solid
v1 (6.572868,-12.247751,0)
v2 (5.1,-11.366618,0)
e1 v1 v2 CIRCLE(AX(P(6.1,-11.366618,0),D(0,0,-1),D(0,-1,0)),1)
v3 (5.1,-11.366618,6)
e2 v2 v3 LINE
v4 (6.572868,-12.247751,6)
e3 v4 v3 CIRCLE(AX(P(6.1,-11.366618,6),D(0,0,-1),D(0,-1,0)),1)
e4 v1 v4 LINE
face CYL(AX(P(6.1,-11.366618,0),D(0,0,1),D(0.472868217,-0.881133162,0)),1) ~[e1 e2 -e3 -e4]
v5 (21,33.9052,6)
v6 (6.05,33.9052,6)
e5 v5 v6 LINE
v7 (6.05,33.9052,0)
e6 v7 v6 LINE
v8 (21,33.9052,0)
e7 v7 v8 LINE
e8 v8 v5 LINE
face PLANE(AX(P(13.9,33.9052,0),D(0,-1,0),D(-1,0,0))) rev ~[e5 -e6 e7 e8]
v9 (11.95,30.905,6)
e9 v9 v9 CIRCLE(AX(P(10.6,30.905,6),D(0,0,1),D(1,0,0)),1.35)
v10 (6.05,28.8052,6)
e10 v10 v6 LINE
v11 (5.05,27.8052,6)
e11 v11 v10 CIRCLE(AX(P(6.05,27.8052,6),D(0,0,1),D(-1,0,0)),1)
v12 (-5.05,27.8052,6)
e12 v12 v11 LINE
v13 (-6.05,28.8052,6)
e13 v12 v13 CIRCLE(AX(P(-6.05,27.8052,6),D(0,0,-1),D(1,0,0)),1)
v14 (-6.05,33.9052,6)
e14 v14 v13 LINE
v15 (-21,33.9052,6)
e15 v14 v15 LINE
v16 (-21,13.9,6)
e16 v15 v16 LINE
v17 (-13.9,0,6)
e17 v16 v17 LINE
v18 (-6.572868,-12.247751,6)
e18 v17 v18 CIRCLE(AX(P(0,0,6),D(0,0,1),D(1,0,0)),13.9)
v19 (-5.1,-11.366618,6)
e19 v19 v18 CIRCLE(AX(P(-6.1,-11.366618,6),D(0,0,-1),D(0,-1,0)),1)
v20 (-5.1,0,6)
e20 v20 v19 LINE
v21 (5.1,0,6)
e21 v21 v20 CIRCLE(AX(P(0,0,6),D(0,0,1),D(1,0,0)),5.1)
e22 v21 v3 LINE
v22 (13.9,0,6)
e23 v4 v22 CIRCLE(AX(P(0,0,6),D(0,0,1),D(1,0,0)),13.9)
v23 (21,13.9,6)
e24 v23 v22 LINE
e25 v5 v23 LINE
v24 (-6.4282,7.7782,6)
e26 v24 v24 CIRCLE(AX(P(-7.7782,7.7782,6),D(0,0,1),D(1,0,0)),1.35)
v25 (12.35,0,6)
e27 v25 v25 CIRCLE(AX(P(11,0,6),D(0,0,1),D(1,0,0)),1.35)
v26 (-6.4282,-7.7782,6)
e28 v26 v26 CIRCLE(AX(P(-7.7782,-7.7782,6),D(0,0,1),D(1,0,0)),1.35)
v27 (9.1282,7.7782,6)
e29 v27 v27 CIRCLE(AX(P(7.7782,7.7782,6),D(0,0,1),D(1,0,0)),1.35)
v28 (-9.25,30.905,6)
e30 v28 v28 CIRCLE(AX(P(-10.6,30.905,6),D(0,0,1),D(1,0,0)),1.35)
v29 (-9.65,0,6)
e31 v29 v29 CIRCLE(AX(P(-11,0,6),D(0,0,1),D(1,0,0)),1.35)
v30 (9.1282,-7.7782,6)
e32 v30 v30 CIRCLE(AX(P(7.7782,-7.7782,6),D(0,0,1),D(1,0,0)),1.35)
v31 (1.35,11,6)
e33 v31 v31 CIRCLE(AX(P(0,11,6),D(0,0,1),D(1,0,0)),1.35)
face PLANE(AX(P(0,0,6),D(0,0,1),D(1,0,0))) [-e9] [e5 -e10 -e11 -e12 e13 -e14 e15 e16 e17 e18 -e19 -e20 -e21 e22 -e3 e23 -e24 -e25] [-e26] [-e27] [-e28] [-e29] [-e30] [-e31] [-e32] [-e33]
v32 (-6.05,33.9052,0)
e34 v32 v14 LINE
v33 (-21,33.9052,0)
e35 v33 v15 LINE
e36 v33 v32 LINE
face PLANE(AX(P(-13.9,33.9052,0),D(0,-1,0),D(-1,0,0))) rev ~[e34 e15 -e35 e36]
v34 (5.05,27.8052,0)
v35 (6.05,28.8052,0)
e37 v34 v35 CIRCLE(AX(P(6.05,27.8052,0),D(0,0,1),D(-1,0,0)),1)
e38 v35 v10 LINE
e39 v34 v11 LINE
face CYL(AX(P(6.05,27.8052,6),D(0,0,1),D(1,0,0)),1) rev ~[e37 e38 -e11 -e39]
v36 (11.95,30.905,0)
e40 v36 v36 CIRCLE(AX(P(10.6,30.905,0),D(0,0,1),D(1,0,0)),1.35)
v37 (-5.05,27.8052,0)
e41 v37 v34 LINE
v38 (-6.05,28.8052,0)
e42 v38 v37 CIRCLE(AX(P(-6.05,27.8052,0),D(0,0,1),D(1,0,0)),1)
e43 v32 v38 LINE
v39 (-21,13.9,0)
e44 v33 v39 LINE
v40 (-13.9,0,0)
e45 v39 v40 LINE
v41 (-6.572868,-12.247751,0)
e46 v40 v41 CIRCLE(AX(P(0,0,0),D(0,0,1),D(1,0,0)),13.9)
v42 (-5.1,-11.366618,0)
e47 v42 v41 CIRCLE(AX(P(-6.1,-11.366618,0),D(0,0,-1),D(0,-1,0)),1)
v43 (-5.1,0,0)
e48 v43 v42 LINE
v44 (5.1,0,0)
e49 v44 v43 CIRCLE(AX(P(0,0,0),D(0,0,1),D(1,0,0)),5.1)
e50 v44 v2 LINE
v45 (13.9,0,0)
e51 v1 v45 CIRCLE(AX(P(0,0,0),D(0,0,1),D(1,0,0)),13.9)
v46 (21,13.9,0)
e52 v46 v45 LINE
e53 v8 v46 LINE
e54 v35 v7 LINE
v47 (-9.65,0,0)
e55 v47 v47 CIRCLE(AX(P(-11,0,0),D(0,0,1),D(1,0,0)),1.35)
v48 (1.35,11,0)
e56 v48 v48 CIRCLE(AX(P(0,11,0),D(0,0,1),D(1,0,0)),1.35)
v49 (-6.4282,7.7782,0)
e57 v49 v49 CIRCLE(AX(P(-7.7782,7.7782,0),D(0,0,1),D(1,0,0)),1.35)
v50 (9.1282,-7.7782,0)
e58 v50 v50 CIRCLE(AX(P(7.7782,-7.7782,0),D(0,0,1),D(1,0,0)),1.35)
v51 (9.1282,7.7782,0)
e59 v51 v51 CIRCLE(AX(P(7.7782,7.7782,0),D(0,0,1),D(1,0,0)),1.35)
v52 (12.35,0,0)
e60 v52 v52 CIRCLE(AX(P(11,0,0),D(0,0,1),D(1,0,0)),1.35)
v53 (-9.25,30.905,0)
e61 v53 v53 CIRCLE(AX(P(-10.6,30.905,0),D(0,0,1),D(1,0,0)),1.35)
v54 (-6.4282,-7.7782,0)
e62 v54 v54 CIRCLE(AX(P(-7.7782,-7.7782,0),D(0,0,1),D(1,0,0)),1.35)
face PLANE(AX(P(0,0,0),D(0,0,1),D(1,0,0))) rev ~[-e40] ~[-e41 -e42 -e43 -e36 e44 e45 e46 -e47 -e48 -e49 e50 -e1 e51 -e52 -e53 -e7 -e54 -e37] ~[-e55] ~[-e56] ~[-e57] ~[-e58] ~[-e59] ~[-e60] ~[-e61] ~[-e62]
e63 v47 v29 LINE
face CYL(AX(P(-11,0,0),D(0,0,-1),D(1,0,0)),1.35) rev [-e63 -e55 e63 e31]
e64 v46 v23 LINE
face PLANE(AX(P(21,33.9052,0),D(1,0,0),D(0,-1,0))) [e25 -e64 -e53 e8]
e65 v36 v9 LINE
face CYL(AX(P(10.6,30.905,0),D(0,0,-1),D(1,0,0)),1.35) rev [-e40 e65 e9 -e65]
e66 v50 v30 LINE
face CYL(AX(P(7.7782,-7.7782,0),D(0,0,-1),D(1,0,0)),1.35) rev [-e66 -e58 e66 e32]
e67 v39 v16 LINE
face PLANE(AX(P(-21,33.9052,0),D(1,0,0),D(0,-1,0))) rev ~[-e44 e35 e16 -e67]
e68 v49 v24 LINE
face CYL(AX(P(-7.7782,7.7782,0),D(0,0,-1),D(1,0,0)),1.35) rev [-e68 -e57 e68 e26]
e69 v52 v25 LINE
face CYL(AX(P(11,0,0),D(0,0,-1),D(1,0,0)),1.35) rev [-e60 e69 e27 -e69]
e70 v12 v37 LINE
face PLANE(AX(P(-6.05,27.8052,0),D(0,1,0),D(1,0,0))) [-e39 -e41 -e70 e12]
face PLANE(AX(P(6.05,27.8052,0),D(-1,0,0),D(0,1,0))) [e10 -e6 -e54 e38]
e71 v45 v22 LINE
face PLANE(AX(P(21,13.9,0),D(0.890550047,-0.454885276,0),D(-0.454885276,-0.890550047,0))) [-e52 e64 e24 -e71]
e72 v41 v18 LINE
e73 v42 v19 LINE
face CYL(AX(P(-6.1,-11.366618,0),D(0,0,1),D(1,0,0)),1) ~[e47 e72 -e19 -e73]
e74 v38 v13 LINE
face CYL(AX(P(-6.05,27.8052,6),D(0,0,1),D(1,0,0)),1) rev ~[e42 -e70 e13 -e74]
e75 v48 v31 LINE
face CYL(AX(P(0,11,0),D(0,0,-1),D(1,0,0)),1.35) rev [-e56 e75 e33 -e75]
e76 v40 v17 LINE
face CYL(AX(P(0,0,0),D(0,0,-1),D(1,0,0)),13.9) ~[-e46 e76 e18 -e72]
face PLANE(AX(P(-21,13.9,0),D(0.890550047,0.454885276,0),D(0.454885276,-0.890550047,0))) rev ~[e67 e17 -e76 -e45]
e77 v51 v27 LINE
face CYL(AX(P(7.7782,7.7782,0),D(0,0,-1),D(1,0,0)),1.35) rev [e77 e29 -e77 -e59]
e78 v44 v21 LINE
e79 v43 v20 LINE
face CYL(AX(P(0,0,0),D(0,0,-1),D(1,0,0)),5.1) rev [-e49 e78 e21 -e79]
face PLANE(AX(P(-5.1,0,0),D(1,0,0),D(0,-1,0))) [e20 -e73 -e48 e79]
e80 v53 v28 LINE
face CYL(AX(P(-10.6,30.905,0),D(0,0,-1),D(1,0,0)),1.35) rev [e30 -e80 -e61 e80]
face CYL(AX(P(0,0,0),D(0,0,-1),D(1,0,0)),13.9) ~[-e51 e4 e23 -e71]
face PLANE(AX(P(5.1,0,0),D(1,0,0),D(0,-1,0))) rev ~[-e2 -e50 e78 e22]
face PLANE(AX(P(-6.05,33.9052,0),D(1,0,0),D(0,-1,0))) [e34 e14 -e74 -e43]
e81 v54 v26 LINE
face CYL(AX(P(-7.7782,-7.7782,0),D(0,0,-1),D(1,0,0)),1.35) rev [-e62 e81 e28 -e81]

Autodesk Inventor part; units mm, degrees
ref_plane "YZ Plane" through (0, 0, 0) normal (1, 0, 0) x (0, 1, 0)
ref_plane "XZ Plane" through (0, 0, 0) normal (0, 1, 0) x (-1, 0, 0)
ref_plane "XY Plane" through (0, 0, 0) normal (0, 0, 1) x (1, 0, 0)
ref_plane "작업 평면1" through (0, 0, 0) normal (0, 0, 1) x (1, 0, 0)
sketch "스케치1" plane through (0, 0, 0) normal (0, 0, 1) x (1, 0, 0)
  circle A0 centre (-7.7782, -7.7782) radius 1.55 projected
  circle A1 centre (7.7782, -7.7782) radius 1.55 projected
  circle A2 centre (7.7782, 7.7782) radius 1.55 projected
  circle A3 centre (-7.7782, 7.7782) radius 1.55 projected
  circle A4 centre (0, 0) radius 5 projected
  circle A5 centre (0, 0) radius 13.9 projected
  circle A6 centre (0, 11) radius 1.55 projected
  circle A7 centre (11, 0) radius 1.55 projected
  circle A8 centre (0, -11) radius 1.55 projected
  circle A9 centre (-11, 0) radius 1.55 projected
  circle A10 centre (11, 0) radius 1.35
  circle A11 centre (7.7782, 7.7782) radius 1.35
  circle A12 centre (0, 11) radius 1.35
  circle A13 centre (-7.7782, 7.7782) radius 1.35
  circle A14 centre (-11, 0) radius 1.35
  circle A15 centre (-7.7782, -7.7782) radius 1.35
  circle A16 centre (0, -11) radius 1.35
  circle A17 centre (7.7782, -7.7782) radius 1.35
  line L0 (13.9, 33.9052) -> (-13.9, 33.9052)
  line L1 (-3.1, 33.9052) -> (3.1, 33.9052)
  circle A18 centre (0, 0) radius 5.1
  circle A19 centre (0, 0) radius 13.9
  line L2 (-5.1, 0) -> (-5.1, -12.9306)
  line L3 (5.1, 0) -> (5.1, -12.9306)
  line L4 (13.9, 33.9052) -> (21, 33.9052)
  line L5 (21, 33.9052) -> (21, 13.9)
  line L6 (13.9, 13.9) -> (13.9, 13.9052)
  line L7 (-13.9, 33.9052) -> (-21, 33.9052)
  line L8 (-21, 33.9052) -> (-21, 13.9)
  line L9 (21, 13.9) -> (13.9, 0)
  line L10 (-21, 13.9) -> (-13.9, 0)
  line L11 (6.05, 33.9052) -> (-6.05, 33.9052)
  line L12 (-6.05, 33.9052) -> (-6.05, 27.8052)
  line L13 (-6.05, 27.8052) -> (6.05, 27.8052)
  line L14 (6.05, 27.8052) -> (6.05, 33.9052)
  circle A20 centre (10.6, 30.905) radius 1.35
  circle A21 centre (-10.6, 30.905) radius 1.35
  point P0 (13.9, 0)
  dimension "d1" = 2.7
  dimension "d4" = 360
  dimension "d34" = 0.1
  dimension "d37" = 12.1
  dimension "d38" = 6.1
  dimension "d44" = 2.7
  dimension "d45" = 2.7
extrude "돌출8" add sketch "스케치1" along normal blind 6 contours A0 | A1 | A2 | A3 | A5 L3 A18 L2 | A5 L10 L8 L7 L0 L12 L13 L14 L4 L5 L9 | A6 | A7 | A9 picked at (-7.5104, -2.4224)
fillet "모깎기2" radius 1 2 edges at (5.1, -12.9306, 3) (-5.1, -12.9306, 3)
sketch "스케치3" plane through (0, 0, 6) normal (0, 0, 1) x (1, 0, 0)
  line L0 (-6.05, 27.8052) -> (-6.05, 33.9052) projected
  line L1 (6.05, 27.8052) -> (-6.05, 27.8052) projected
  line L2 (6.05, 33.9052) -> (6.05, 27.8052) projected
  circle A0 centre (-6.05, 27.8052) radius 1
  circle A1 centre (6.05, 27.8052) radius 1
  point P0 (0, 0)
  dimension "d49" = 2
  dimension "d50" = 2
extrude "돌출9" cut sketch "스케치3" against normal blind 10
properties part number "leg_between" material "PMMA 플라스틱"
